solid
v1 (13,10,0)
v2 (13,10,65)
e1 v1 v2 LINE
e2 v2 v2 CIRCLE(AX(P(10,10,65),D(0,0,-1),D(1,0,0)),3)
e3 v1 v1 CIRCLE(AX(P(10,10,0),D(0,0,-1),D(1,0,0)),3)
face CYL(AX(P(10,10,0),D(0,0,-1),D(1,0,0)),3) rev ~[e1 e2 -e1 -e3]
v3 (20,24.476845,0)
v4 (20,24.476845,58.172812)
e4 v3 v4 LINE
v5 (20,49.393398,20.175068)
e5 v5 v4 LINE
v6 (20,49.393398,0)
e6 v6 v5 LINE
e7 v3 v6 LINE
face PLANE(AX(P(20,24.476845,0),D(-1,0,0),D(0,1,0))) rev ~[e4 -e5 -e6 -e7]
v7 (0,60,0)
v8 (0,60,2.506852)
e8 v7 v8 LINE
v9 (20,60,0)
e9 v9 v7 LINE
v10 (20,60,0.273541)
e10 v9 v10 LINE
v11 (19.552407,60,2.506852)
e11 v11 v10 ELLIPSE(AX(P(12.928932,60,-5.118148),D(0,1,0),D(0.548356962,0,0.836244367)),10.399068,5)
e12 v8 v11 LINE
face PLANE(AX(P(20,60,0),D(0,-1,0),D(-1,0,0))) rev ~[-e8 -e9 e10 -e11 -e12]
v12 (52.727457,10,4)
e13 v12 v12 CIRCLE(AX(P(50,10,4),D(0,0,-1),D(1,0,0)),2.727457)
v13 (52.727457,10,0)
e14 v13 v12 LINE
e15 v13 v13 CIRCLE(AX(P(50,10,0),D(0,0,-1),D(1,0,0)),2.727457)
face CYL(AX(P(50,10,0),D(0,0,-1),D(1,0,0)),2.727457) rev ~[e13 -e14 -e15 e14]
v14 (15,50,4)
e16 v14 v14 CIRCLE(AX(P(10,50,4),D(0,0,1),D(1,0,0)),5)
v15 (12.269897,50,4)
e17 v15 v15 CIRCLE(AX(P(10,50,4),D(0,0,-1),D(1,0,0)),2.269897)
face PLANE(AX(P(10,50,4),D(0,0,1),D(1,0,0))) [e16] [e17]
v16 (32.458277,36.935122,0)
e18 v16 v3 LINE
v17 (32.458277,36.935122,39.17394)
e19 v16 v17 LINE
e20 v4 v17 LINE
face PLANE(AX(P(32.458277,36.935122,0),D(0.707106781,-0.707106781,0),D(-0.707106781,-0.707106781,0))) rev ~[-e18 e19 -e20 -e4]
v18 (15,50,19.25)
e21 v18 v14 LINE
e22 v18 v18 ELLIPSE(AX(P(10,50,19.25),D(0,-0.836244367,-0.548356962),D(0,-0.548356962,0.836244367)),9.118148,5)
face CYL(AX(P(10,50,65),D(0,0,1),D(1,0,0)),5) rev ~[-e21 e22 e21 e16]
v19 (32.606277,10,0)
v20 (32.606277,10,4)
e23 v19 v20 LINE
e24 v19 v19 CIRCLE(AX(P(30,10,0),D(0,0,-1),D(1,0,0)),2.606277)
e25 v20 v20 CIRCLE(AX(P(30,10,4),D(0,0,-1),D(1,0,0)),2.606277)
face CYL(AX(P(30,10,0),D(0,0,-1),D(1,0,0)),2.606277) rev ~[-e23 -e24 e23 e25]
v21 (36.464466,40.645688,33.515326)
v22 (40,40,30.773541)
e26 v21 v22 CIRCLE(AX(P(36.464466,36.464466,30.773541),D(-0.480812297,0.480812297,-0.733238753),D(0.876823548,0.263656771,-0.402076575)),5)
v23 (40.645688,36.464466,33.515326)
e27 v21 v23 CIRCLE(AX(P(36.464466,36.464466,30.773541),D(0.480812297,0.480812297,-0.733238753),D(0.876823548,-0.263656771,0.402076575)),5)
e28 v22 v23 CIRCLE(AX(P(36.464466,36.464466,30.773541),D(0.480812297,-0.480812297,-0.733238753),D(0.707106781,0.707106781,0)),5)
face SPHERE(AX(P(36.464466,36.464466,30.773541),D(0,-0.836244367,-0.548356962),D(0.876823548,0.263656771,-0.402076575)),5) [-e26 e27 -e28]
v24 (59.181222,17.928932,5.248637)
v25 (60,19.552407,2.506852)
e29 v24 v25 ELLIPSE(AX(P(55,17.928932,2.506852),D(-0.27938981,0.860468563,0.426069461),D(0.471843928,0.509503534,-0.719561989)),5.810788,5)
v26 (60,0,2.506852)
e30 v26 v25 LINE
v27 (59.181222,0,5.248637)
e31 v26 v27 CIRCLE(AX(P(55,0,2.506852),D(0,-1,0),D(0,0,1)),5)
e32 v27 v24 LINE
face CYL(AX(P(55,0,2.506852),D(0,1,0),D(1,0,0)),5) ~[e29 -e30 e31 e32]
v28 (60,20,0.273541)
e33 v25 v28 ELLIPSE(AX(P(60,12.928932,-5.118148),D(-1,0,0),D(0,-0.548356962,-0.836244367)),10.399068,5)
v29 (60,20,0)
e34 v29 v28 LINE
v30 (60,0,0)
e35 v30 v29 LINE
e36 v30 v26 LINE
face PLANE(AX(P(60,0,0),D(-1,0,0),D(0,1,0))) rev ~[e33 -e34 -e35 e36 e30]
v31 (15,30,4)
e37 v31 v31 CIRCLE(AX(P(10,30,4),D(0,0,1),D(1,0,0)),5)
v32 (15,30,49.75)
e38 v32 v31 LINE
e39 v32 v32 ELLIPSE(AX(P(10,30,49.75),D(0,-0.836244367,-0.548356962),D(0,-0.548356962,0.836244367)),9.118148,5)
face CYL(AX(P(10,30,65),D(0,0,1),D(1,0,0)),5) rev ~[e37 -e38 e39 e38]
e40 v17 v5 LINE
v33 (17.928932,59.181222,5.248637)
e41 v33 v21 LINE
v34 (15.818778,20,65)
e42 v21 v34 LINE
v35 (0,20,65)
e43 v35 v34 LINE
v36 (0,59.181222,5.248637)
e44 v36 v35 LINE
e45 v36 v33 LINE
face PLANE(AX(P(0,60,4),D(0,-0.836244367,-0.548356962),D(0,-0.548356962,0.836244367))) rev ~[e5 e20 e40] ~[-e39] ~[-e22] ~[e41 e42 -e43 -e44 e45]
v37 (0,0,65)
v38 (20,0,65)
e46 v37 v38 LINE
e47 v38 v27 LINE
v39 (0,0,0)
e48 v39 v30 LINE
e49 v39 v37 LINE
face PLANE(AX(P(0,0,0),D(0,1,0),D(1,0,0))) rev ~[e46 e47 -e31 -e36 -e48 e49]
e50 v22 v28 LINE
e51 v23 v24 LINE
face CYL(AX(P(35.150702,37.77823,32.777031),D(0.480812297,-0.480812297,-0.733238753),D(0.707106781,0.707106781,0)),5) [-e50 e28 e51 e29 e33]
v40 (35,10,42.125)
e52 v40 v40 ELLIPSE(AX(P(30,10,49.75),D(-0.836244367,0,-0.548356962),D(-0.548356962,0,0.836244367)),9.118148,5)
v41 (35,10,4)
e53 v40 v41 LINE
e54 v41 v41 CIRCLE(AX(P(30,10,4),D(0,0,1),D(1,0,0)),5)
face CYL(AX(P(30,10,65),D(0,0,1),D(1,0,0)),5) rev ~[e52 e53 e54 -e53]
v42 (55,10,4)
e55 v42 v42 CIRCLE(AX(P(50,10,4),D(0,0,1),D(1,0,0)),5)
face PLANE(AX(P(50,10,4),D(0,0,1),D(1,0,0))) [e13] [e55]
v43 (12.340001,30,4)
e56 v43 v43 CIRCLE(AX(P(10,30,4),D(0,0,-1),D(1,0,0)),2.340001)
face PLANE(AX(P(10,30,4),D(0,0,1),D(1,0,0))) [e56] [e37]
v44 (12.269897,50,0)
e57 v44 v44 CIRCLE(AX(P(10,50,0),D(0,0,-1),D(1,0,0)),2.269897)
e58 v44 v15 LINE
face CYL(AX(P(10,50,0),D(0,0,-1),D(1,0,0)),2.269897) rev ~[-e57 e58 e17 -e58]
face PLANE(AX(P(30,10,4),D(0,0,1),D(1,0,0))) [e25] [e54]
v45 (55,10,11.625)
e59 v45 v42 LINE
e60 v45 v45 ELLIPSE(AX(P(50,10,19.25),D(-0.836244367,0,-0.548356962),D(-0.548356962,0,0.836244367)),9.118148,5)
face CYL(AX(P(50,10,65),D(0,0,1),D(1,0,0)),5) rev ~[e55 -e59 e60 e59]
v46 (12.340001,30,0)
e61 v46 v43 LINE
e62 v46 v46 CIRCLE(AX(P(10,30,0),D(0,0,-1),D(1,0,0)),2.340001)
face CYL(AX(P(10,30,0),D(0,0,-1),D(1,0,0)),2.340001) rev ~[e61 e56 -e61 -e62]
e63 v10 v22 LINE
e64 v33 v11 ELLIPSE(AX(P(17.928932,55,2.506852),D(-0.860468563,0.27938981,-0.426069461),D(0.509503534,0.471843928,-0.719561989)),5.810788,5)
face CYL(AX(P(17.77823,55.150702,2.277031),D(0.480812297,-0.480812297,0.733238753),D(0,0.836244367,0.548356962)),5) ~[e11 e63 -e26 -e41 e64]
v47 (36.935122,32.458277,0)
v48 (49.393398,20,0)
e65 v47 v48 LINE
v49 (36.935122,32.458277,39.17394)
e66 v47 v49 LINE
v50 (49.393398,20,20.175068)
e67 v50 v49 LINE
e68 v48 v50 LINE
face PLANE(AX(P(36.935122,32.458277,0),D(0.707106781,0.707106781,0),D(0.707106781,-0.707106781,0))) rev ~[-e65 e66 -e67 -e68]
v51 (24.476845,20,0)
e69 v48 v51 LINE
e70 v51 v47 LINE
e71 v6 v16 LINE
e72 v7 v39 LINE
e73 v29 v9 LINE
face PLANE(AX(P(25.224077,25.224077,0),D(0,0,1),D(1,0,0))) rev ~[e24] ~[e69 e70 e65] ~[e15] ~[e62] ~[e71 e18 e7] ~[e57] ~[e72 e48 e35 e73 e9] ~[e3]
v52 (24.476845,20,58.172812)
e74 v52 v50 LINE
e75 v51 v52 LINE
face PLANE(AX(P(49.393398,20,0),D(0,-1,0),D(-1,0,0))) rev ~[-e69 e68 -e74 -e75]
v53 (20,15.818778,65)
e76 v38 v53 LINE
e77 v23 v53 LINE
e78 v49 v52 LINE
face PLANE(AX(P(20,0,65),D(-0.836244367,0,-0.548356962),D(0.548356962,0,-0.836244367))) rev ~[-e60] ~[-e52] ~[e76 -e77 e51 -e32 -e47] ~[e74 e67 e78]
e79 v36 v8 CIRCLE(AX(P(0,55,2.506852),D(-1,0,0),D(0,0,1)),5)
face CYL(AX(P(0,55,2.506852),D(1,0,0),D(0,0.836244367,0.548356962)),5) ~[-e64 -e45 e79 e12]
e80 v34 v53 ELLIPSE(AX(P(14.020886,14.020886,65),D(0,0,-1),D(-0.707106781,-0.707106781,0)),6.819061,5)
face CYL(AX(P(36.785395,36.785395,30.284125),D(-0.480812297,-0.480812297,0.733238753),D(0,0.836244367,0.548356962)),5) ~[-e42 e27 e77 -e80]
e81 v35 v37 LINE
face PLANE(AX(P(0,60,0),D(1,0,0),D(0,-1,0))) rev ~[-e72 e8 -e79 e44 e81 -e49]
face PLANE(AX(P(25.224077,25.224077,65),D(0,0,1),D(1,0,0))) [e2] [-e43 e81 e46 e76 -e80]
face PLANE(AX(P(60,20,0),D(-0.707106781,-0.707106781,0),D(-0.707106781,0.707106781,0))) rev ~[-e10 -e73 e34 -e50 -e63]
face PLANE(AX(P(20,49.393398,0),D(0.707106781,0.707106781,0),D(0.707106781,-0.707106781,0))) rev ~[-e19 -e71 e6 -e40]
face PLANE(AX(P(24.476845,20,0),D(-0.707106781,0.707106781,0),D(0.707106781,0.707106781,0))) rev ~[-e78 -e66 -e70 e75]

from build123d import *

# Parameters (mm, degrees)
F1_DEPTH  = 65
F3_DEPTH  = 60.001
F5_DEPTH  = 60.001
F6_R      = 2.5
F6_R_2    = 2.6062767238
F6_R_3    = 2.7274571226
F6_R_4    = 2.3400008441
F6_R_5    = 2.2698965194
F7_DEPTH  = 65.001
F8_R      = 5
F9_DEPTH  = 61
F10_R     = 5
F11_R     = 3
F12_DEPTH = 65.001


with BuildPart() as f1:
    # F0 (on Top) → F1 (new body)
    with BuildSketch(Plane.XY):
        Polygon((0, 60), (0, 0), (60, 0), (60, 20), (20, 60), align=None)
        Polygon((49.3933982822, 20), (24.4768448174, 20), (36.9351215498, 32.4582767324), align=None, mode=Mode.SUBTRACT)
        Polygon((32.4582767324, 36.9351215498), (20, 24.4768448174), (20, 49.3933982822), align=None, mode=Mode.SUBTRACT)
    extrude(amount=F1_DEPTH)

    # F2 (on face) → F3 (cut, through all)
    with BuildSketch(Plane.XZ):
        Polygon((60, 65), (20, 65), (60, 4), align=None)
    extrude(amount=-F3_DEPTH, mode=Mode.SUBTRACT)

    # F4 (on face) → F5 (cut, through all)
    with BuildSketch(Plane(origin=(0, 0, 0), x_dir=(0, -1, 0), z_dir=(-1, 0, 0))):
        Polygon((-60, 65), (-60, 4), (-20, 65), align=None)
    extrude(amount=-F5_DEPTH, mode=Mode.SUBTRACT)

    # F6 (on face) → F7 (cut, through all)
    with BuildSketch(Plane(origin=(0, 0, 0), x_dir=(1, 0, 0), z_dir=(0, 0, -1))):
        with Locations((10, -10)):
            Circle(F6_R)
        with Locations((30, -10)):
            Circle(F6_R_2)
        with Locations((50, -10)):
            Circle(F6_R_3)
        with Locations((10, -30)):
            Circle(F6_R_4)
        with Locations((10, -50)):
            Circle(F6_R_5)
    extrude(amount=-F7_DEPTH, mode=Mode.SUBTRACT)

    # F8 (on face) → F9 (cut)
    with BuildSketch(Plane.XY.offset(65)):
        with Locations((30, 10)):
            Circle(F8_R)
        with Locations((50, 10)):
            Circle(F8_R)
        with Locations((10, 30)):
            Circle(F8_R)
        with Locations((10, 50)):
            Circle(F8_R)
    extrude(amount=-F9_DEPTH, mode=Mode.SUBTRACT)

    # F10
    f10_edges = [f1.edges().sort_by_distance(p)[0] for p in [
        (50, 30, 19.25),
        (30, 50, 19.25),
        (60, 10, 4),
        (10, 60, 4),
        (30, 30, 49.75),
    ]]
    fillet(f10_edges, radius=F10_R)

    # F11 (on face) → F12 (cut, through all)
    with BuildSketch(Plane(origin=(0, 0, 0), x_dir=(1, 0, 0), z_dir=(0, 0, -1))):
        with Locations((10, -10)):
            Circle(F11_R)
    extrude(amount=-F12_DEPTH, mode=Mode.SUBTRACT)


solid = f1.part
